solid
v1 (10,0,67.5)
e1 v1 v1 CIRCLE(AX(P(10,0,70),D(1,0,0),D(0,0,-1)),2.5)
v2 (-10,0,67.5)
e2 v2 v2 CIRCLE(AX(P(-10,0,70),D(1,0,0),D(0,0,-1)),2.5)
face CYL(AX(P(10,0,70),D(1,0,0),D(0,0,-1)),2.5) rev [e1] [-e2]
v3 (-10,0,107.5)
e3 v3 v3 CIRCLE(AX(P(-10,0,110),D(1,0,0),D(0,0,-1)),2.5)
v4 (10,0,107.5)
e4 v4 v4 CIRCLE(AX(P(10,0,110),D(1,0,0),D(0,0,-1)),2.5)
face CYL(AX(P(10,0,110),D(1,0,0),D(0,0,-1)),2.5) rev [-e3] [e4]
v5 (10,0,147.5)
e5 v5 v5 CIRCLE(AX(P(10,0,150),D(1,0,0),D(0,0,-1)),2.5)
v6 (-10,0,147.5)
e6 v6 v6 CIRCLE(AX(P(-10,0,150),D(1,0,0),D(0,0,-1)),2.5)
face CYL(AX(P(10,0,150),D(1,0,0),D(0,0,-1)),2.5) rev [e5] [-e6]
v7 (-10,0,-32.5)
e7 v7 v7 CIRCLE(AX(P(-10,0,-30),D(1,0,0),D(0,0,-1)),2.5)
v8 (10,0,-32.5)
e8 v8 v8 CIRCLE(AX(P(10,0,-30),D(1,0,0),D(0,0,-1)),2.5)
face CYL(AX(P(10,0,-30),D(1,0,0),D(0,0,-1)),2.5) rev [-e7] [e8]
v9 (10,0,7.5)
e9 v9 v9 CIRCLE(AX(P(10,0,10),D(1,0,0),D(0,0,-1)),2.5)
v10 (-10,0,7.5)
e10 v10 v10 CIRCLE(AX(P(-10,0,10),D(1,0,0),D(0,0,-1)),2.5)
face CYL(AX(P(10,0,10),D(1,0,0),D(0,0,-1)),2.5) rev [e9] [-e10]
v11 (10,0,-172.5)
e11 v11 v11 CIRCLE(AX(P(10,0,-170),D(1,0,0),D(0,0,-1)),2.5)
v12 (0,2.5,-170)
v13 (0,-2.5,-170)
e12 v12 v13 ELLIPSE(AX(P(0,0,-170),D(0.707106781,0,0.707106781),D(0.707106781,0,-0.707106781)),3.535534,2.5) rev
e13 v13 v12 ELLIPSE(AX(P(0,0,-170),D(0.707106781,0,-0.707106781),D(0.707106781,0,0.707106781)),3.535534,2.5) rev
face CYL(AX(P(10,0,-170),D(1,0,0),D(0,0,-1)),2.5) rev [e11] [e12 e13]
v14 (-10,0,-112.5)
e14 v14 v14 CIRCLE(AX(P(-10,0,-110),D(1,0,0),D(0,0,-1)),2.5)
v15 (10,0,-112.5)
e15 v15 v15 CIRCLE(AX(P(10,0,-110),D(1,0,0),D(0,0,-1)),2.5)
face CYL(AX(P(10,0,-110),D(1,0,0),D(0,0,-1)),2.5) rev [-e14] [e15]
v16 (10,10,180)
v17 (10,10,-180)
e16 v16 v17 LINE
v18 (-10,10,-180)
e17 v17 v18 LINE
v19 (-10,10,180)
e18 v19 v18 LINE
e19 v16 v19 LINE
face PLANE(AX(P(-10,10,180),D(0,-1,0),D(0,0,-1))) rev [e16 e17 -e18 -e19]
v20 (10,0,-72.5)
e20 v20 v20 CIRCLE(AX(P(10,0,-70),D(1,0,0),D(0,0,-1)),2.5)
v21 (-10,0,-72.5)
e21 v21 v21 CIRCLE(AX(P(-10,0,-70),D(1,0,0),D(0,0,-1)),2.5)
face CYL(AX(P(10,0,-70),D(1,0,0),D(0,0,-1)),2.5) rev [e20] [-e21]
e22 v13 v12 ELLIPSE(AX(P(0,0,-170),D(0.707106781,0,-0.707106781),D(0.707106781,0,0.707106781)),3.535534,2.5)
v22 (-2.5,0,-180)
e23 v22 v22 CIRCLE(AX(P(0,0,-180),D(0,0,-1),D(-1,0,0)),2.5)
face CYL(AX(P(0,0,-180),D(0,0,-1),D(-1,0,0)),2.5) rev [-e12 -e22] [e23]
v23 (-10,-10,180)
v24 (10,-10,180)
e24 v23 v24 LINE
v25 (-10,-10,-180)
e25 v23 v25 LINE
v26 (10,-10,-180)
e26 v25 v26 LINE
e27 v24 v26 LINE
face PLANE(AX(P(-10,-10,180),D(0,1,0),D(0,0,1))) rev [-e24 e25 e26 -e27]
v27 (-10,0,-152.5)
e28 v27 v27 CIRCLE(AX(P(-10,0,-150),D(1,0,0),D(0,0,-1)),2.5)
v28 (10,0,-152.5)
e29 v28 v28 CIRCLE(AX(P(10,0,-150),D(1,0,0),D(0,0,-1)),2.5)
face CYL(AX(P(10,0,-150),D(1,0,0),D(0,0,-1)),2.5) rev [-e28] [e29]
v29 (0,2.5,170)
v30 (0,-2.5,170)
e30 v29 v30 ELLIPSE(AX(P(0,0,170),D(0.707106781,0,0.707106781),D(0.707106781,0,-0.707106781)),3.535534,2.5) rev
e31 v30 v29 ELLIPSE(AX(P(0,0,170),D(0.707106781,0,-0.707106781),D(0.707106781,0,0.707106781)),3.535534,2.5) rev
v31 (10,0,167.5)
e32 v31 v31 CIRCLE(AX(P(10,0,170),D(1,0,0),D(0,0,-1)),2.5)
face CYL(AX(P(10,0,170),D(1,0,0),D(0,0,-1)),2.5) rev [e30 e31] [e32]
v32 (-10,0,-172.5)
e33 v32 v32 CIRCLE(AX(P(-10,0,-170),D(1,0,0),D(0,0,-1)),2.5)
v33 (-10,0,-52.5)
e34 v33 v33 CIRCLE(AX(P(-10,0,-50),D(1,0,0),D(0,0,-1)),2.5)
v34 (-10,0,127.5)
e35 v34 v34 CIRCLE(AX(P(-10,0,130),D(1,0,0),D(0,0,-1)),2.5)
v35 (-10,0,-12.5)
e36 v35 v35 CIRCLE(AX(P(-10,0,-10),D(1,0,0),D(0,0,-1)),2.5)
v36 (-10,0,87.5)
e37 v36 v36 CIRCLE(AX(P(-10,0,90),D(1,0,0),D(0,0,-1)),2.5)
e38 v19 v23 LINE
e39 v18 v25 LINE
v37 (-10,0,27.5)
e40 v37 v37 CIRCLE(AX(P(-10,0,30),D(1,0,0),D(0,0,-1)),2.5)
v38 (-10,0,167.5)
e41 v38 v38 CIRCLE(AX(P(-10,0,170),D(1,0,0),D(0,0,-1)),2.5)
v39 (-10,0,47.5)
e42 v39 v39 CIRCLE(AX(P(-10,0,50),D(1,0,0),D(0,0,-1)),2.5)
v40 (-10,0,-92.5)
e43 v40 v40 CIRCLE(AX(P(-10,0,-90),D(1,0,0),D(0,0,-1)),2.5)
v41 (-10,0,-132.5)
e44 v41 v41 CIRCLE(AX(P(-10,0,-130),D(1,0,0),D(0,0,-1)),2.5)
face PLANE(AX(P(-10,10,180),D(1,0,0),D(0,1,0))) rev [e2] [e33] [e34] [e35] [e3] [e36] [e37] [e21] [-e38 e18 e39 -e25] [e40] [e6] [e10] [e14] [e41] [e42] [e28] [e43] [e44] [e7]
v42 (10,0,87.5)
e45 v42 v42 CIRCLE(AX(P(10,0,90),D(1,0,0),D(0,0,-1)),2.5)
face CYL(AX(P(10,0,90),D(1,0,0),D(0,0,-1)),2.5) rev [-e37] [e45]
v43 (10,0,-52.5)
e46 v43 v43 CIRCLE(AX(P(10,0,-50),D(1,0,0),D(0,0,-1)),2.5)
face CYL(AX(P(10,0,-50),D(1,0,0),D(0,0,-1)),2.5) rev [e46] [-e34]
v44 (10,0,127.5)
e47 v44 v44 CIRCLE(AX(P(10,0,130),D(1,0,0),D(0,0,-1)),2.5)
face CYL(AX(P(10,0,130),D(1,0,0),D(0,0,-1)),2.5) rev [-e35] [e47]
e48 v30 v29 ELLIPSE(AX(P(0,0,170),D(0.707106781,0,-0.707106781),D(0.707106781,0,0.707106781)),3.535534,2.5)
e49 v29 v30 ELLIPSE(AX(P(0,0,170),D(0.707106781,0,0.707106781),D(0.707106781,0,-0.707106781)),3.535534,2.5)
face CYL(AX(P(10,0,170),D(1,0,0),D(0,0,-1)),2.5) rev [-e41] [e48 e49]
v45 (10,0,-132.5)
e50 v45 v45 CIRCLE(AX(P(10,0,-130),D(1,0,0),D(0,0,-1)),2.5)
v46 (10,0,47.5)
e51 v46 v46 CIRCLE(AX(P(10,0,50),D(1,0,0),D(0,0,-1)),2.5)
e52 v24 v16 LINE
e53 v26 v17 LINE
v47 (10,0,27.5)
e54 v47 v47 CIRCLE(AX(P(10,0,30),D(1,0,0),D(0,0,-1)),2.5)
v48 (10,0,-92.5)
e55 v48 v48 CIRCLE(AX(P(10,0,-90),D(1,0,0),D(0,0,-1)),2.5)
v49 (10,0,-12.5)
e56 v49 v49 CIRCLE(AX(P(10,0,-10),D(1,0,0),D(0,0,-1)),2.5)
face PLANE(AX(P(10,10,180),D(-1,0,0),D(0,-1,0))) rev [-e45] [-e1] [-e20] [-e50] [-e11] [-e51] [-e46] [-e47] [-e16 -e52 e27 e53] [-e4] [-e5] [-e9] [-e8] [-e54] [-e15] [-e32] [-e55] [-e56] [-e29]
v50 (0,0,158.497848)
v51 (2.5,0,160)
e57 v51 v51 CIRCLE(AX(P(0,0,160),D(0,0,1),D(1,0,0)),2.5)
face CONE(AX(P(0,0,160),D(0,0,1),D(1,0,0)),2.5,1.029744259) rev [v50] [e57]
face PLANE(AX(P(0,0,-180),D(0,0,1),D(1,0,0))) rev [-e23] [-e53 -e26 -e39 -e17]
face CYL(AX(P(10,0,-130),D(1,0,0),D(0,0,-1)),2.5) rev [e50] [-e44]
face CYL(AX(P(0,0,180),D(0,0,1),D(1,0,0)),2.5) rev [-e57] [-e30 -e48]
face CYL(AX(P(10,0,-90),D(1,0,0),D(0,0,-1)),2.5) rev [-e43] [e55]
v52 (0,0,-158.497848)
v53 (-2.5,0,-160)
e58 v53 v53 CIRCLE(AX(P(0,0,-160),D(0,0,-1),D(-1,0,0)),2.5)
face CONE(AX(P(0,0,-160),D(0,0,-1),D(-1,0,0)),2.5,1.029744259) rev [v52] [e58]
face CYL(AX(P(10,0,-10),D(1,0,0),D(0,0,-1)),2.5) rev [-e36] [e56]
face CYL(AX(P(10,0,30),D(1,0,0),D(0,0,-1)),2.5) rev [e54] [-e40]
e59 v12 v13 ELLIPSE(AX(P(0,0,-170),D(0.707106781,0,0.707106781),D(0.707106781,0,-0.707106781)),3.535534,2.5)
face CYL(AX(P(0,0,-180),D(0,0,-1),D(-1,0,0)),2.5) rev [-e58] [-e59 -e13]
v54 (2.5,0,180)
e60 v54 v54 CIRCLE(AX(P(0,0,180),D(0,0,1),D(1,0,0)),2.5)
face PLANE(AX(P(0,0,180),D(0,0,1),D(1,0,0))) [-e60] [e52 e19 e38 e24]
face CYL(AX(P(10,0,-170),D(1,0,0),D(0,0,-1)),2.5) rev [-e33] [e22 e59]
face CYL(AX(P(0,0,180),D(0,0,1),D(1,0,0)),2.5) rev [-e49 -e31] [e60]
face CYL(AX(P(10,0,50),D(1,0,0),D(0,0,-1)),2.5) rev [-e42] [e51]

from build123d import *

# Parameters (mm, degrees)
SKETCH1_W             = 20
SKETCH1_H             = 20
BOSS_EXTRUDE1_DEPTH   = 180
F_5_0MM_DOWEL_HOLE1_D = 5
LPATTERN2_COUNT       = 18
LPATTERN2_PITCH       = 20


with BuildPart() as part:
    # Sketch1 → Boss-Extrude1 (new, symmetric)
    with BuildSketch(Plane.XY):
        Rectangle(SKETCH1_W, SKETCH1_H)
    extrude(amount=BOSS_EXTRUDE1_DEPTH, both=True)

    # Ø5.0mm Dowel Hole1 (through all)
    with Locations(Plane(origin=(10, 0, 0), x_dir=(0, 0, -1), z_dir=(1, 0, 0))):
        with Locations((170, 0)):
            f_5_0mm_dowel_hole1 = Hole(F_5_0MM_DOWEL_HOLE1_D / 2)

    # LPattern2: Ø5.0mm Dowel Hole1 ×18
    with Locations(*[(0, 0, i * LPATTERN2_PITCH) for i in range(1, LPATTERN2_COUNT)]):
        add(f_5_0mm_dowel_hole1, mode=Mode.SUBTRACT)

    # Sketch5 → Ø5.0mm Dowel Hole2 (revolve, cut)
    with BuildSketch(Plane(origin=(0, 0, 180), x_dir=(0, -1, 0), z_dir=(1, 0, 0))):
        Polygon((0, 0), (0, 21.502151548), (2.5, 20), (2.5, 0), align=None)
    f_5_0mm_dowel_hole2 = revolve(axis=Axis((0, 0, 186.35), (0, 0, -1)), mode=Mode.SUBTRACT)

    # Mirror1: Ø5.0mm Dowel Hole2 across plane
    add(f_5_0mm_dowel_hole2.mirror(Plane.XY), mode=Mode.SUBTRACT)


solid = part.part
